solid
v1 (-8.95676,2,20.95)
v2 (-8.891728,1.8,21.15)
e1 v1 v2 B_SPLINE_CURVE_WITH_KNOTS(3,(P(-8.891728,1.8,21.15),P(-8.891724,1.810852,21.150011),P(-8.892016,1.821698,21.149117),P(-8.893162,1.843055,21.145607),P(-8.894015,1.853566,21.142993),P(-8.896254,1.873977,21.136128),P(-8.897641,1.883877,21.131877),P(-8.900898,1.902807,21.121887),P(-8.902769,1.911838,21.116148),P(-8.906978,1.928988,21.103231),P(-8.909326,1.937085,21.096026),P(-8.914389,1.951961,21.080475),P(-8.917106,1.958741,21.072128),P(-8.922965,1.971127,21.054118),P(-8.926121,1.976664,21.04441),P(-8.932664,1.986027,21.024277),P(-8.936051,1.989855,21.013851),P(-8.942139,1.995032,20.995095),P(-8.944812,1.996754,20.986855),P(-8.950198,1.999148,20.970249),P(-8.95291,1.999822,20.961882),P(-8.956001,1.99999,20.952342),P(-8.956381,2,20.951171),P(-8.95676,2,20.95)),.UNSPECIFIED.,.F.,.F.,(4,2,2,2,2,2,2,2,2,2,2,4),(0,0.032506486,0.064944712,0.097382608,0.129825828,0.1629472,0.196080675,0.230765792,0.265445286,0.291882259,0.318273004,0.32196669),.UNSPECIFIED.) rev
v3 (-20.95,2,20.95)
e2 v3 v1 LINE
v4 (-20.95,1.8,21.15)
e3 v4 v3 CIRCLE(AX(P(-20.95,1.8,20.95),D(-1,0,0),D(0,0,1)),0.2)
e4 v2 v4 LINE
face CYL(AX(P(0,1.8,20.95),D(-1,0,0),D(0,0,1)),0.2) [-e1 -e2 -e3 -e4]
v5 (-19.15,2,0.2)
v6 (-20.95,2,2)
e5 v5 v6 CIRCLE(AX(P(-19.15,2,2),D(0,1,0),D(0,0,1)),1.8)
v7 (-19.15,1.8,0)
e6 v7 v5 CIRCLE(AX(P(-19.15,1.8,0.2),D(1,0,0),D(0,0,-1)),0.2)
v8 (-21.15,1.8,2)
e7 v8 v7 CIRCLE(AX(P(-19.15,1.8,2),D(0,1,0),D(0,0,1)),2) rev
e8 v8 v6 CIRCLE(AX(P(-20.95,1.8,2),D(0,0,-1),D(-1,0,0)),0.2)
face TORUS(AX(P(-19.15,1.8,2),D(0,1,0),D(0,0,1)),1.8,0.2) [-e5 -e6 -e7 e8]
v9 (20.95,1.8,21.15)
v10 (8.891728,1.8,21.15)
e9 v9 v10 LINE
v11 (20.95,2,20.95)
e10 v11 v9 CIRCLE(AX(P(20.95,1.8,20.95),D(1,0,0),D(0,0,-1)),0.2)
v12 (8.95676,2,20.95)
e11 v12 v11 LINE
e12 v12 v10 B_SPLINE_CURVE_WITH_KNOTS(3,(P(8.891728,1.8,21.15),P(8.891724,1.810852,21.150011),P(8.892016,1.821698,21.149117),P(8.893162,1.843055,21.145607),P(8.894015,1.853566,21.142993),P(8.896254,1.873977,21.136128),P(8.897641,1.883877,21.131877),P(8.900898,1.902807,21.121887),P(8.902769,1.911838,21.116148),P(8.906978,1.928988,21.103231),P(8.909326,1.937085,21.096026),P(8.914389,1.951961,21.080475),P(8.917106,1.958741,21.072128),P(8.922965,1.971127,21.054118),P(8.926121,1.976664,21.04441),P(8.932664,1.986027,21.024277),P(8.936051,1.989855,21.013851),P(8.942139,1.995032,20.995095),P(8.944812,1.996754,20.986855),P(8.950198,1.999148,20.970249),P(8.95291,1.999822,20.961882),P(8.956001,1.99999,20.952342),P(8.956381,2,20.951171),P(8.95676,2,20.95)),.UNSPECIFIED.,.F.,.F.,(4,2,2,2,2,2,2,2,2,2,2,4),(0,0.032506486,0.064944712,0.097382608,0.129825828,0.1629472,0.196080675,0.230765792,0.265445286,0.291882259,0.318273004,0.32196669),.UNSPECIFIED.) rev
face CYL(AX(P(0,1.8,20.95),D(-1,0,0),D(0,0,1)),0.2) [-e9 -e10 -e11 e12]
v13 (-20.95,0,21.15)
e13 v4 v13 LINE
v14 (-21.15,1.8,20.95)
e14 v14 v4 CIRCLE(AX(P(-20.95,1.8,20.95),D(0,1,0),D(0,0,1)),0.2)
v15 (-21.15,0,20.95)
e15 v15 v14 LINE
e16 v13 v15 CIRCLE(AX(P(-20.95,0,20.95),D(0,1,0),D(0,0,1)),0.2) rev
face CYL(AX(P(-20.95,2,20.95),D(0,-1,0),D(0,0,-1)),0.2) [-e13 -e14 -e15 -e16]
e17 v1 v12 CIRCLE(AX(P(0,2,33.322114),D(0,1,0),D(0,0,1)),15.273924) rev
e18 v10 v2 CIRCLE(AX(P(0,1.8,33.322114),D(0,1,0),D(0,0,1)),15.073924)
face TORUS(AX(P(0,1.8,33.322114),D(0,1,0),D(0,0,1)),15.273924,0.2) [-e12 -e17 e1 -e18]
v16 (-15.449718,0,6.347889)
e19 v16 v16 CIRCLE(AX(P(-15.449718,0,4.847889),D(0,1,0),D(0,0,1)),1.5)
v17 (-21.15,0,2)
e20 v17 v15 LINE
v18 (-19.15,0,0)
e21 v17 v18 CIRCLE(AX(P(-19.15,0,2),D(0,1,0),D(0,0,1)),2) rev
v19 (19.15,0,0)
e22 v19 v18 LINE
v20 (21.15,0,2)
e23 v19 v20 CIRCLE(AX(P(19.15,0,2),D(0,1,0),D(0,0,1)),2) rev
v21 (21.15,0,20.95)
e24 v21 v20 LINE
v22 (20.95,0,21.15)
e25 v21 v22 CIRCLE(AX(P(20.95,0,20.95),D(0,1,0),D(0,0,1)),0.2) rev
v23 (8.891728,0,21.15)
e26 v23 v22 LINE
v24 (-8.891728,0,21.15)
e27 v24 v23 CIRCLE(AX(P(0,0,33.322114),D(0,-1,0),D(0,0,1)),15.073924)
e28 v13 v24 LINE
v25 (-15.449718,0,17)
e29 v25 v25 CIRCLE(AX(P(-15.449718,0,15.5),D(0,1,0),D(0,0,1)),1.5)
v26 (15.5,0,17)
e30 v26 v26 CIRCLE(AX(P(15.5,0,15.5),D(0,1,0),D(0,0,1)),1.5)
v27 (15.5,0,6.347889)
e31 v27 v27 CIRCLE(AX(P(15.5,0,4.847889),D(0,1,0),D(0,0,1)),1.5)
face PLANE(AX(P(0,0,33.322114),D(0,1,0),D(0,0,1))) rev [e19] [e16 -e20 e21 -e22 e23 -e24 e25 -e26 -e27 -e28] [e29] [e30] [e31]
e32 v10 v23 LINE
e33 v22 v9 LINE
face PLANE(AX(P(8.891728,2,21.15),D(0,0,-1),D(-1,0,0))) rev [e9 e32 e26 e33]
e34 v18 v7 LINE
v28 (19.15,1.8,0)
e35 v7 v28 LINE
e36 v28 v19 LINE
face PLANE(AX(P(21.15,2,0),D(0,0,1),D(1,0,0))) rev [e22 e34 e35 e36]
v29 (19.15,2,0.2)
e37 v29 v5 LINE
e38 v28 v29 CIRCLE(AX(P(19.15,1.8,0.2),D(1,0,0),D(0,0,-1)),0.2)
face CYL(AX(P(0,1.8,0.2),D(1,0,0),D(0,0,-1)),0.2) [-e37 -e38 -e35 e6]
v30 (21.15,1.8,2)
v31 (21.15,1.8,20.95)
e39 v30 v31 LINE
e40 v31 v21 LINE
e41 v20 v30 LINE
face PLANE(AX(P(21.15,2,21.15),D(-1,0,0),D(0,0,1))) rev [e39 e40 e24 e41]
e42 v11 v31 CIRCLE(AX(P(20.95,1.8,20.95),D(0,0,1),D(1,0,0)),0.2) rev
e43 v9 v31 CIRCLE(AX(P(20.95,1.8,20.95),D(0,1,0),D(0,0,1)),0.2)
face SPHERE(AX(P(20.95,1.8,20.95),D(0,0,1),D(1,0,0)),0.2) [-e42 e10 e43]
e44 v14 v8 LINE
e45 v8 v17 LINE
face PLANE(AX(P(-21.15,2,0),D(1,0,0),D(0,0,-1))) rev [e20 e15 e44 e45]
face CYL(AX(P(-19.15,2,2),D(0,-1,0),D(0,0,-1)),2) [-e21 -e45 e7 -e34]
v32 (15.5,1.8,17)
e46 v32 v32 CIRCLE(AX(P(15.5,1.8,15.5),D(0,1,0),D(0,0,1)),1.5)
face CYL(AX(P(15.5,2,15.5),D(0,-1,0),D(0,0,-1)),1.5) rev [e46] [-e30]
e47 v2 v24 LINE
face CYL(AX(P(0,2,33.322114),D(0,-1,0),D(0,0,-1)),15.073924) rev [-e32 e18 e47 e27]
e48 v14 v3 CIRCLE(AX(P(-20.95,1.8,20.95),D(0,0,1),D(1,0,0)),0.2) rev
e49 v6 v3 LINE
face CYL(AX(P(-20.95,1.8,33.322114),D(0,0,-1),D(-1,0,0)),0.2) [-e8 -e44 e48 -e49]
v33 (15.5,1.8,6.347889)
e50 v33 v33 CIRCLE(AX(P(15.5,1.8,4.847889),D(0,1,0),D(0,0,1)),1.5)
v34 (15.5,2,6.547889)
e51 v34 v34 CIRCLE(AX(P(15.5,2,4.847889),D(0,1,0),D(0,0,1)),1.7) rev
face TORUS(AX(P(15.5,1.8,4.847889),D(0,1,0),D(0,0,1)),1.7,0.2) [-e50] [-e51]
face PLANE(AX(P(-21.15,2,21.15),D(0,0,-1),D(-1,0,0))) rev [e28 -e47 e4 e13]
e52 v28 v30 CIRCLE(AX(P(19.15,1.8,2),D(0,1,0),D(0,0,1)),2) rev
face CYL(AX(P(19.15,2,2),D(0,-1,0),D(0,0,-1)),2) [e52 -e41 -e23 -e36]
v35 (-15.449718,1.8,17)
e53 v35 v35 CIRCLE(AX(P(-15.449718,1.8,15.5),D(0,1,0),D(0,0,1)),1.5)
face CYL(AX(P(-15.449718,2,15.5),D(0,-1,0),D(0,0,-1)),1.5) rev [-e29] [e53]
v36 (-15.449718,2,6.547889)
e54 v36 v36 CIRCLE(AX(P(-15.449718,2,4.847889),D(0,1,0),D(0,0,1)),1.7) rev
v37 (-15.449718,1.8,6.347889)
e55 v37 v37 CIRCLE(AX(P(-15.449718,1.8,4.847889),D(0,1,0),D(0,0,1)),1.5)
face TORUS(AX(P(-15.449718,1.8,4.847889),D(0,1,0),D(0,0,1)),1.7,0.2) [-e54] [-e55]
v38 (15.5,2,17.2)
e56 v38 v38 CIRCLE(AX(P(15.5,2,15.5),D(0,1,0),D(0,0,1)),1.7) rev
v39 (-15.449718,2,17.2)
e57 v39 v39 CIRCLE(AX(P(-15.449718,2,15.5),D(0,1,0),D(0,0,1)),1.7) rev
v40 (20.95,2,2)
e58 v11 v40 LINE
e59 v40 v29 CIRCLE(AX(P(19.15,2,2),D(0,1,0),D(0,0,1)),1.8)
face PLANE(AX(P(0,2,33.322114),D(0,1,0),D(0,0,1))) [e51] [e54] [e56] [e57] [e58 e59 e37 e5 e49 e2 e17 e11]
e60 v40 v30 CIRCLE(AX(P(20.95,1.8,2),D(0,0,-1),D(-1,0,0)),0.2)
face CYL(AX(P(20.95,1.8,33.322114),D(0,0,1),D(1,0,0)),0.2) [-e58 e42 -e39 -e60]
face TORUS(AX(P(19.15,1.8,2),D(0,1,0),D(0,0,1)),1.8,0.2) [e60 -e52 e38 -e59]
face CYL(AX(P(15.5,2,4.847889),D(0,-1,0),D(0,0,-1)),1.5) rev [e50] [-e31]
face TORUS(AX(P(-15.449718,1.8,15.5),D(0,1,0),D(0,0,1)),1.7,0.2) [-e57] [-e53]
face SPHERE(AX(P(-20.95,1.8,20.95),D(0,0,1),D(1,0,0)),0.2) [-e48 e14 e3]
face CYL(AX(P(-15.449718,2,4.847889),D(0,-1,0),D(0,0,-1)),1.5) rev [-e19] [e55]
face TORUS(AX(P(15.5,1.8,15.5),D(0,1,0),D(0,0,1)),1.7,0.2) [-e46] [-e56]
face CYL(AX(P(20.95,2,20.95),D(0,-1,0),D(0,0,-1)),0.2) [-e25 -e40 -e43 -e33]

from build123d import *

# Parameters (mm, degrees)
SKETCH1_R           = 1.5
BOSS_EXTRUDE1_DEPTH = 2
FILLET1_R           = 2
FILLET2_R           = 0.2


with BuildPart() as part:
    # Sketch1 → Boss-Extrude1 (new body)
    with BuildSketch(Plane(origin=(0, 0, 0), x_dir=(1, 0, 0), z_dir=(0, 1, 0))):
        with BuildLine():
            Line((-21.15, -21.15), (-8.891728161, -21.15))
            ThreePointArc((-8.891728161, -21.15), (0, -18.248189838), (8.891728161, -21.15))
            Line((8.891728161, -21.15), (21.15, -21.15))
            Line((21.15, -21.15), (21.15, 0))
            Line((21.15, 0), (-21.15, 0))
            Line((-21.15, 0), (-21.15, -21.15))
        make_face()
        with Locations((15.5, -4.847889014)):
            Circle(SKETCH1_R, mode=Mode.SUBTRACT)
        with Locations((-15.449717978, -15.5)):
            Circle(SKETCH1_R, mode=Mode.SUBTRACT)
        with Locations((15.5, -15.5)):
            Circle(SKETCH1_R, mode=Mode.SUBTRACT)
        with Locations((-15.449717978, -4.847889014)):
            Circle(SKETCH1_R, mode=Mode.SUBTRACT)
    extrude(amount=BOSS_EXTRUDE1_DEPTH)

    # Fillet1
    fillet1_edges = [part.edges().sort_by_distance(p)[0] for p in [
        (-21.15, 1, 0),
        (21.15, 1, 0),
    ]]
    fillet(fillet1_edges, radius=FILLET1_R)

    # Fillet2
    fillet2_edges = [part.edges().sort_by_distance(p)[0] for p in [
        (0, 2, 18.248189838),
        (21.15, 1, 21.15),
        (-21.15, 1, 21.15),
        (15.02086408, 2, 21.15),
        (21.15, 2, 11.575),
        (-16.949717978, 2, 15.5),
        (14, 2, 15.5),
        (14, 2, 4.847889014),
        (-16.949717978, 2, 4.847889014),
        (-21.15, 2, 11.575),
        (0, 2, 0),
        (20.564213562, 2, 0.585786438),
        (-20.564213562, 2, 0.585786438),
        (-15.02086408, 2, 21.15),
    ]]
    fillet(fillet2_edges, radius=FILLET2_R)


solid = part.part
